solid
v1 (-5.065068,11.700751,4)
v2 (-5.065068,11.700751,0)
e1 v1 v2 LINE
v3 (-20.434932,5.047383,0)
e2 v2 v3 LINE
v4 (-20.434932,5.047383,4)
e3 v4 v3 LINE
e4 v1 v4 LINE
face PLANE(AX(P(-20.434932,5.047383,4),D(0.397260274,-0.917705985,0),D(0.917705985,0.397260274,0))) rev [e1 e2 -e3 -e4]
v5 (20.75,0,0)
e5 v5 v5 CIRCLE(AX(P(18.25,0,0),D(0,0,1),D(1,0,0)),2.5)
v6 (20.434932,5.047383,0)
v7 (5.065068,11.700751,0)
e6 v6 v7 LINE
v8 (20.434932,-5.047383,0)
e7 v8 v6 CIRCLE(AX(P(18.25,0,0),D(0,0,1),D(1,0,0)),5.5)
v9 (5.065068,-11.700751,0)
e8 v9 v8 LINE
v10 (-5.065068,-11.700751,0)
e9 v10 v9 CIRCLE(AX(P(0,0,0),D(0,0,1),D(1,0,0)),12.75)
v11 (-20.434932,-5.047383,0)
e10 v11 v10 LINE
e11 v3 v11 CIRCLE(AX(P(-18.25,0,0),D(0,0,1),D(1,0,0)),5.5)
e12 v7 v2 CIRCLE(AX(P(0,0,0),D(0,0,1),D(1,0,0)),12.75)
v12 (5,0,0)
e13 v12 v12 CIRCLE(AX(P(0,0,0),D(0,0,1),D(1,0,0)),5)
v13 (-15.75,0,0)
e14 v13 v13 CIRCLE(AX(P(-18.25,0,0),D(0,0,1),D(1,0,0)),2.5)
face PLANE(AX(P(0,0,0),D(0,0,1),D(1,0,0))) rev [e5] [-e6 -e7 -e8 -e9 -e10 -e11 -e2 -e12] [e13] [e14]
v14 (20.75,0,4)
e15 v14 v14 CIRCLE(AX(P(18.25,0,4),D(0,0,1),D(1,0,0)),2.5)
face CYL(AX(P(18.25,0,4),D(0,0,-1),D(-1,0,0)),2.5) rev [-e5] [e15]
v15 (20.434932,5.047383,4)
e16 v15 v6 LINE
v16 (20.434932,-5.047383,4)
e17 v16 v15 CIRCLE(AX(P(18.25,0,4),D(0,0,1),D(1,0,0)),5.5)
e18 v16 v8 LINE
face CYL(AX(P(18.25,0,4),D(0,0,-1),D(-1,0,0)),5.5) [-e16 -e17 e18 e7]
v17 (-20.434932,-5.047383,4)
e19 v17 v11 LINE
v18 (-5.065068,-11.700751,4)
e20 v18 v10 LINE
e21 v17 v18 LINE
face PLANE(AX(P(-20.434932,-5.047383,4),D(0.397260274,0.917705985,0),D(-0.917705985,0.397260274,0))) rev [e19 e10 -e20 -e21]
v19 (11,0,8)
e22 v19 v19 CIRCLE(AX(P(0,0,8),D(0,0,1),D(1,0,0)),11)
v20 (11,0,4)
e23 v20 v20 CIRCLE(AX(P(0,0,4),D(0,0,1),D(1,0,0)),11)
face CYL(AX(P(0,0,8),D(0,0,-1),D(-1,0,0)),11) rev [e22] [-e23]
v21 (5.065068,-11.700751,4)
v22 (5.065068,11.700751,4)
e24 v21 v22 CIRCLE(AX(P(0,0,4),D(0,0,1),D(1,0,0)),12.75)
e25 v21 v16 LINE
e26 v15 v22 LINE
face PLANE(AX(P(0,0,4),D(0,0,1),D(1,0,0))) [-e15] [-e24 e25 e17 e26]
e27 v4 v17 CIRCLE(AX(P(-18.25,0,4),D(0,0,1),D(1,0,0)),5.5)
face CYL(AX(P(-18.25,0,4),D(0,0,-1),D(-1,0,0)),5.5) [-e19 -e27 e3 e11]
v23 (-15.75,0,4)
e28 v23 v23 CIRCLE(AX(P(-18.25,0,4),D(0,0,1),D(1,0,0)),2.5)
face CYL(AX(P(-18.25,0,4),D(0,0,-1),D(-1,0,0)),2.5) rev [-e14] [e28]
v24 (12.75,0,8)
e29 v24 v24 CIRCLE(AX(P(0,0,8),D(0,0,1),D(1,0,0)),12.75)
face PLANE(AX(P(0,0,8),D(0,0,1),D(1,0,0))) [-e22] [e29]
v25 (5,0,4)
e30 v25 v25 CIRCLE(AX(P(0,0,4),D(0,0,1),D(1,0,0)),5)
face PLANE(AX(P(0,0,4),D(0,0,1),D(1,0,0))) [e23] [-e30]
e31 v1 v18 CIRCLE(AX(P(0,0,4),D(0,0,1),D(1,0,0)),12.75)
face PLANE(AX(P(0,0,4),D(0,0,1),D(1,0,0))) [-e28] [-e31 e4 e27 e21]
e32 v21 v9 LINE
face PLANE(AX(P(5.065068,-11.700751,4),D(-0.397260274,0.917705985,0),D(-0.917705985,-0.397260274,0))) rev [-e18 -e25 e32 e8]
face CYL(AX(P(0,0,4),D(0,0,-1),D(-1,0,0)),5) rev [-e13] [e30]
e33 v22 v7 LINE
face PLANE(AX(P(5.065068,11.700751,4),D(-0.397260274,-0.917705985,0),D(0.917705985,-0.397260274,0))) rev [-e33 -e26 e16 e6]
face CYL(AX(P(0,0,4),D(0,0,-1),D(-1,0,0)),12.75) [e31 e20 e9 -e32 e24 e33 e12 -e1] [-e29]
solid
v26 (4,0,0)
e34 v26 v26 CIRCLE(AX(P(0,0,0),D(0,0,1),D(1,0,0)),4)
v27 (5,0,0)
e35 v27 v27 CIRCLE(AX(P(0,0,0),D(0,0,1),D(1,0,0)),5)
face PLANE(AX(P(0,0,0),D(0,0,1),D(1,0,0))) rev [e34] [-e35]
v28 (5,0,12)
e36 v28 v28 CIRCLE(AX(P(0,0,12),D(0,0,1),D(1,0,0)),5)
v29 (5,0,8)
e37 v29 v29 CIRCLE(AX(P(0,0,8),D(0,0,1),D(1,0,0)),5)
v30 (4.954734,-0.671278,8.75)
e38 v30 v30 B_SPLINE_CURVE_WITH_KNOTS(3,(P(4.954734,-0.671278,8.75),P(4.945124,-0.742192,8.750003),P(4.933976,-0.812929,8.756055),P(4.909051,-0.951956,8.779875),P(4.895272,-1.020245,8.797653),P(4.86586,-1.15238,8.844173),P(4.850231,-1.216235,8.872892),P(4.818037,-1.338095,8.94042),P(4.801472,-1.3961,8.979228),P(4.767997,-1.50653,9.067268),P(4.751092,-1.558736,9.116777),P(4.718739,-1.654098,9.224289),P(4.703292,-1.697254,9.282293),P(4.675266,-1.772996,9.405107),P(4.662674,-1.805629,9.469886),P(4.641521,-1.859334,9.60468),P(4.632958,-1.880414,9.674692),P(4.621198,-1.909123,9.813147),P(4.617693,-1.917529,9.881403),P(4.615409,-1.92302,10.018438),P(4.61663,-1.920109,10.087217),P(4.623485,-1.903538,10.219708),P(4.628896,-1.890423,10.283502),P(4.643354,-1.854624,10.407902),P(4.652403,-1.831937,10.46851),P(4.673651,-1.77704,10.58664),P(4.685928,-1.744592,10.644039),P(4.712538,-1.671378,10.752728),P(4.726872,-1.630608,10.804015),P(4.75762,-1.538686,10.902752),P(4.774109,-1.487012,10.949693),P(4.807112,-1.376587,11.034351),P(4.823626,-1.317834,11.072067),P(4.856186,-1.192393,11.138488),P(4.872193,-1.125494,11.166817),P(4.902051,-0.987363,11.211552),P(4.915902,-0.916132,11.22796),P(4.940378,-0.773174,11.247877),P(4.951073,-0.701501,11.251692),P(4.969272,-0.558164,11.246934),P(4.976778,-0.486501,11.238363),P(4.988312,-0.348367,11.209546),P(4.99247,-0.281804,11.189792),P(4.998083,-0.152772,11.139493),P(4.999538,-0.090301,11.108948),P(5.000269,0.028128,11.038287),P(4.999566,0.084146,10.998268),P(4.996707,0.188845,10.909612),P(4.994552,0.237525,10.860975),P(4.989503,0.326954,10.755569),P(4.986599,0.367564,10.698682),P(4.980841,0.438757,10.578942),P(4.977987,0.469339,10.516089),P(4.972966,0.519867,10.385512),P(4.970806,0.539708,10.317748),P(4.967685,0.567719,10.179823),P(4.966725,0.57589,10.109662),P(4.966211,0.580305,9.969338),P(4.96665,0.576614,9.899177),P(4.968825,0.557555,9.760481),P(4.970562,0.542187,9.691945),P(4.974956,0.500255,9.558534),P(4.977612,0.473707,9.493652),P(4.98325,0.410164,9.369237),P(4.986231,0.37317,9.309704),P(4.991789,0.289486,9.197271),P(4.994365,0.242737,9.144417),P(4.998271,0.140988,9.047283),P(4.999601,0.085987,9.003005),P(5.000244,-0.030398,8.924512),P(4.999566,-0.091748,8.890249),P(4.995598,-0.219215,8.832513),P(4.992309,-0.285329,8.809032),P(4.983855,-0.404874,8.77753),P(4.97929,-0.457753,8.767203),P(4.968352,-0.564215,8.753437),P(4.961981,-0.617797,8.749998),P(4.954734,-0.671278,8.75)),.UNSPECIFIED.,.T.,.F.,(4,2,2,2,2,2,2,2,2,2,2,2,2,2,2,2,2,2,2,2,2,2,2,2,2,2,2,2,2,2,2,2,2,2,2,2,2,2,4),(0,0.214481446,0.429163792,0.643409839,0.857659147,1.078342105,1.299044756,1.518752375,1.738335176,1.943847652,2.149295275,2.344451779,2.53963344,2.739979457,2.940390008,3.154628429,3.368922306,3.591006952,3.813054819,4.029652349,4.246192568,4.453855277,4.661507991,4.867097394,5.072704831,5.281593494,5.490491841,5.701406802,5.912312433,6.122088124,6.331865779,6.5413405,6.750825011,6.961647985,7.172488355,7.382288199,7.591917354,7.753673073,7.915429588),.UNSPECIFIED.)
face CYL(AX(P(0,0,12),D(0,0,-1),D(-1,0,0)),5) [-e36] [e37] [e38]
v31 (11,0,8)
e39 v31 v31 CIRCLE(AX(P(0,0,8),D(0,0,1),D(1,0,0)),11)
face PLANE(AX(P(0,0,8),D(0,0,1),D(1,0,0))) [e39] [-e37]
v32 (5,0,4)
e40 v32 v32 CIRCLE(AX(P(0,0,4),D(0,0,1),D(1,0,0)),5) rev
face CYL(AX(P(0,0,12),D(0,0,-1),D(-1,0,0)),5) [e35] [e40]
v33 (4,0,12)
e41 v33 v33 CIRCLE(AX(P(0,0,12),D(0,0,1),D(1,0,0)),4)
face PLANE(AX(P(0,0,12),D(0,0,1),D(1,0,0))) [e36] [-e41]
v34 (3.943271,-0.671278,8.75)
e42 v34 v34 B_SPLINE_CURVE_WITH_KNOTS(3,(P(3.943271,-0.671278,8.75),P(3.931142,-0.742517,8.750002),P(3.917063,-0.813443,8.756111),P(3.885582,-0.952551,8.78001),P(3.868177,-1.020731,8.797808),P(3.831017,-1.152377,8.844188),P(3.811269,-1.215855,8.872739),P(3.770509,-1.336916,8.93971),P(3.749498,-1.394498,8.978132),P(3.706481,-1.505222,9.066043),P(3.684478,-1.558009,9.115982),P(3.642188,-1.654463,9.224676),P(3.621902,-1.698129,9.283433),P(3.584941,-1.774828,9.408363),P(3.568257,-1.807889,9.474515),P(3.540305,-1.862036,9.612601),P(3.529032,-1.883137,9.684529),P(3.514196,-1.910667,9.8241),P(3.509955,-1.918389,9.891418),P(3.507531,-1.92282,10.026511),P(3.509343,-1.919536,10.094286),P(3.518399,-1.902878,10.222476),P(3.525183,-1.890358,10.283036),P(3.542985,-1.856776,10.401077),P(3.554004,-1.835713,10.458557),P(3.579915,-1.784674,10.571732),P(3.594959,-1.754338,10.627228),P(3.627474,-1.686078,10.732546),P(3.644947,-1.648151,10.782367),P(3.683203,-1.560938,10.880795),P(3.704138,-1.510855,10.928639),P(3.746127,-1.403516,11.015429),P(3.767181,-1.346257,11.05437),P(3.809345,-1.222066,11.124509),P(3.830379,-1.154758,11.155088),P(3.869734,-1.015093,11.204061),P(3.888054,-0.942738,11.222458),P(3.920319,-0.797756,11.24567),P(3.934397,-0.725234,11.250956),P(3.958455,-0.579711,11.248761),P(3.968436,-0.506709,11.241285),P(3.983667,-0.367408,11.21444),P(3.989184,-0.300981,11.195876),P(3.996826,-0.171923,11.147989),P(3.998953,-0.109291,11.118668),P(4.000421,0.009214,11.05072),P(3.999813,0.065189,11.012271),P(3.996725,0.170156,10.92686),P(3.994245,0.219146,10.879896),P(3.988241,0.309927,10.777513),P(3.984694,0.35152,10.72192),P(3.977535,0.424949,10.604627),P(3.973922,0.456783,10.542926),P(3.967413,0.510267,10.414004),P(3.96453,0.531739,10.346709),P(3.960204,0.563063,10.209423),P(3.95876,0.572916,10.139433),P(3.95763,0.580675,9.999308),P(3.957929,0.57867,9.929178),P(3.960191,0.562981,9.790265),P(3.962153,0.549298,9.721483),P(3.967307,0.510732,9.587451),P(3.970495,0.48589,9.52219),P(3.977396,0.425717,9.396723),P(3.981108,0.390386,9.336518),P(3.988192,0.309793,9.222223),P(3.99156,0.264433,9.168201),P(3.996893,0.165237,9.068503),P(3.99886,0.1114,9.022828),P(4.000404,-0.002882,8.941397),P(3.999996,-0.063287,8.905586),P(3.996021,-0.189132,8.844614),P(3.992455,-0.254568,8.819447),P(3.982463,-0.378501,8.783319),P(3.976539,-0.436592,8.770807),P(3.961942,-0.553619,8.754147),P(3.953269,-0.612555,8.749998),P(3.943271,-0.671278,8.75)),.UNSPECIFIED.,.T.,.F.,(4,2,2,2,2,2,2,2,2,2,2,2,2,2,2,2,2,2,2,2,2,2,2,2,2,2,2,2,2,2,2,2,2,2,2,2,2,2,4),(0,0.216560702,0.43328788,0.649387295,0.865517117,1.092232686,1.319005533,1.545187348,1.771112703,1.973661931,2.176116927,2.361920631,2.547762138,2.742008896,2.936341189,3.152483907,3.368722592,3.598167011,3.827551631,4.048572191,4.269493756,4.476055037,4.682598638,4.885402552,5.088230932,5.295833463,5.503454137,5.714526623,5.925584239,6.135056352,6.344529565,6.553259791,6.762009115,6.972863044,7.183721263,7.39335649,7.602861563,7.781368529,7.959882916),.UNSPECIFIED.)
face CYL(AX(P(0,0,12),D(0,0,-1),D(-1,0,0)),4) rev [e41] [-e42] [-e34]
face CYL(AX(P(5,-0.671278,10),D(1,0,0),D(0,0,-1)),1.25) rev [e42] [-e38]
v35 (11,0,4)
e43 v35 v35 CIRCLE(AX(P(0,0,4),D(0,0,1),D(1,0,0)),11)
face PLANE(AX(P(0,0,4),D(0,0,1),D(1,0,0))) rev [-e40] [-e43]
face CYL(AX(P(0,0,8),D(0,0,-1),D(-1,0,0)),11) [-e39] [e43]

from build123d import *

# Parameters (mm, degrees)
CROQUIS1_R              = 5
CROQUIS1_R_2            = 2.5
SALIENTE_EXTRUIR1_DEPTH = 4
CROQUIS2_R              = 12.75
CROQUIS2_R_2            = 11
SALIENTE_EXTRUIR2_DEPTH = 4
CROQUIS3_R              = 11
CROQUIS3_R_2            = 5
SALIENTE_EXTRUIR3_DEPTH = 4
CROQUIS5_R              = 5
CROQUIS5_R_2            = 4
SALIENTE_EXTRUIR4_DEPTH = 12


with BuildPart() as part:
    # Croquis1 → Saliente-Extruir1 (new body)
    with BuildSketch(Plane.XY):
        with BuildLine():
            Line((-20.434931507, -5.047382917), (-5.065068493, -11.700751307))
            ThreePointArc((-5.065068493, -11.700751307), (0, -12.75), (5.065068493, -11.700751307))
            Line((5.065068493, -11.700751307), (20.434931507, -5.047382917))
            ThreePointArc((20.434931507, -5.047382917), (23.75, 0), (20.434931507, 5.047382917))
            Line((20.434931507, 5.047382917), (5.065068493, 11.700751307))
            ThreePointArc((5.065068493, 11.700751307), (0, 12.75), (-5.065068493, 11.700751307))
            Line((-5.065068493, 11.700751307), (-20.434931507, 5.047382917))
            ThreePointArc((-20.434931507, 5.047382917), (-23.75, 0), (-20.434931507, -5.047382917))
        make_face()
        Circle(CROQUIS1_R, mode=Mode.SUBTRACT)
        with Locations((-18.25, 0)):
            Circle(CROQUIS1_R_2, mode=Mode.SUBTRACT)
        with Locations((18.25, 0)):
            Circle(CROQUIS1_R_2, mode=Mode.SUBTRACT)
    extrude(amount=SALIENTE_EXTRUIR1_DEPTH)

    # Croquis2 → Saliente-Extruir2 (add)
    with BuildSketch(Plane.XY.offset(4)):
        Circle(CROQUIS2_R)
        Circle(CROQUIS2_R_2, mode=Mode.SUBTRACT)
    extrude(amount=SALIENTE_EXTRUIR2_DEPTH)


with BuildPart() as body_2:
    # Croquis3 → Saliente-Extruir3 (new body)
    with BuildSketch(Plane.XY.offset(4)):
        Circle(CROQUIS3_R)
        Circle(CROQUIS3_R_2, mode=Mode.SUBTRACT)
    extrude(amount=SALIENTE_EXTRUIR3_DEPTH)


with BuildPart() as body_3:
    # Croquis5 → Saliente-Extruir4 (new body)
    with BuildSketch(Plane.XY):
        Circle(CROQUIS5_R)
        Circle(CROQUIS5_R_2, mode=Mode.SUBTRACT)
    extrude(amount=SALIENTE_EXTRUIR4_DEPTH)


with BuildPart() as body_2_1:
    add(body_2.part)

    # Combinar1: union body 3
    add(body_3.part)

    # Sketch2 → M3 Tapped Hole1 (revolve, cut)
    with BuildSketch(Plane(origin=(5, -0.671278383, 10), x_dir=(0, 0, -1), z_dir=(0, 1, 0))):
        Polygon((0, 0), (0, 6.251075774), (1.25, 5.5), (1.25, 0), align=None)
    revolve(axis=Axis((11.35, -0.671278383, 10), (-1, 0, 0)), mode=Mode.SUBTRACT)


solid = Compound([part.part, body_2_1.part])
